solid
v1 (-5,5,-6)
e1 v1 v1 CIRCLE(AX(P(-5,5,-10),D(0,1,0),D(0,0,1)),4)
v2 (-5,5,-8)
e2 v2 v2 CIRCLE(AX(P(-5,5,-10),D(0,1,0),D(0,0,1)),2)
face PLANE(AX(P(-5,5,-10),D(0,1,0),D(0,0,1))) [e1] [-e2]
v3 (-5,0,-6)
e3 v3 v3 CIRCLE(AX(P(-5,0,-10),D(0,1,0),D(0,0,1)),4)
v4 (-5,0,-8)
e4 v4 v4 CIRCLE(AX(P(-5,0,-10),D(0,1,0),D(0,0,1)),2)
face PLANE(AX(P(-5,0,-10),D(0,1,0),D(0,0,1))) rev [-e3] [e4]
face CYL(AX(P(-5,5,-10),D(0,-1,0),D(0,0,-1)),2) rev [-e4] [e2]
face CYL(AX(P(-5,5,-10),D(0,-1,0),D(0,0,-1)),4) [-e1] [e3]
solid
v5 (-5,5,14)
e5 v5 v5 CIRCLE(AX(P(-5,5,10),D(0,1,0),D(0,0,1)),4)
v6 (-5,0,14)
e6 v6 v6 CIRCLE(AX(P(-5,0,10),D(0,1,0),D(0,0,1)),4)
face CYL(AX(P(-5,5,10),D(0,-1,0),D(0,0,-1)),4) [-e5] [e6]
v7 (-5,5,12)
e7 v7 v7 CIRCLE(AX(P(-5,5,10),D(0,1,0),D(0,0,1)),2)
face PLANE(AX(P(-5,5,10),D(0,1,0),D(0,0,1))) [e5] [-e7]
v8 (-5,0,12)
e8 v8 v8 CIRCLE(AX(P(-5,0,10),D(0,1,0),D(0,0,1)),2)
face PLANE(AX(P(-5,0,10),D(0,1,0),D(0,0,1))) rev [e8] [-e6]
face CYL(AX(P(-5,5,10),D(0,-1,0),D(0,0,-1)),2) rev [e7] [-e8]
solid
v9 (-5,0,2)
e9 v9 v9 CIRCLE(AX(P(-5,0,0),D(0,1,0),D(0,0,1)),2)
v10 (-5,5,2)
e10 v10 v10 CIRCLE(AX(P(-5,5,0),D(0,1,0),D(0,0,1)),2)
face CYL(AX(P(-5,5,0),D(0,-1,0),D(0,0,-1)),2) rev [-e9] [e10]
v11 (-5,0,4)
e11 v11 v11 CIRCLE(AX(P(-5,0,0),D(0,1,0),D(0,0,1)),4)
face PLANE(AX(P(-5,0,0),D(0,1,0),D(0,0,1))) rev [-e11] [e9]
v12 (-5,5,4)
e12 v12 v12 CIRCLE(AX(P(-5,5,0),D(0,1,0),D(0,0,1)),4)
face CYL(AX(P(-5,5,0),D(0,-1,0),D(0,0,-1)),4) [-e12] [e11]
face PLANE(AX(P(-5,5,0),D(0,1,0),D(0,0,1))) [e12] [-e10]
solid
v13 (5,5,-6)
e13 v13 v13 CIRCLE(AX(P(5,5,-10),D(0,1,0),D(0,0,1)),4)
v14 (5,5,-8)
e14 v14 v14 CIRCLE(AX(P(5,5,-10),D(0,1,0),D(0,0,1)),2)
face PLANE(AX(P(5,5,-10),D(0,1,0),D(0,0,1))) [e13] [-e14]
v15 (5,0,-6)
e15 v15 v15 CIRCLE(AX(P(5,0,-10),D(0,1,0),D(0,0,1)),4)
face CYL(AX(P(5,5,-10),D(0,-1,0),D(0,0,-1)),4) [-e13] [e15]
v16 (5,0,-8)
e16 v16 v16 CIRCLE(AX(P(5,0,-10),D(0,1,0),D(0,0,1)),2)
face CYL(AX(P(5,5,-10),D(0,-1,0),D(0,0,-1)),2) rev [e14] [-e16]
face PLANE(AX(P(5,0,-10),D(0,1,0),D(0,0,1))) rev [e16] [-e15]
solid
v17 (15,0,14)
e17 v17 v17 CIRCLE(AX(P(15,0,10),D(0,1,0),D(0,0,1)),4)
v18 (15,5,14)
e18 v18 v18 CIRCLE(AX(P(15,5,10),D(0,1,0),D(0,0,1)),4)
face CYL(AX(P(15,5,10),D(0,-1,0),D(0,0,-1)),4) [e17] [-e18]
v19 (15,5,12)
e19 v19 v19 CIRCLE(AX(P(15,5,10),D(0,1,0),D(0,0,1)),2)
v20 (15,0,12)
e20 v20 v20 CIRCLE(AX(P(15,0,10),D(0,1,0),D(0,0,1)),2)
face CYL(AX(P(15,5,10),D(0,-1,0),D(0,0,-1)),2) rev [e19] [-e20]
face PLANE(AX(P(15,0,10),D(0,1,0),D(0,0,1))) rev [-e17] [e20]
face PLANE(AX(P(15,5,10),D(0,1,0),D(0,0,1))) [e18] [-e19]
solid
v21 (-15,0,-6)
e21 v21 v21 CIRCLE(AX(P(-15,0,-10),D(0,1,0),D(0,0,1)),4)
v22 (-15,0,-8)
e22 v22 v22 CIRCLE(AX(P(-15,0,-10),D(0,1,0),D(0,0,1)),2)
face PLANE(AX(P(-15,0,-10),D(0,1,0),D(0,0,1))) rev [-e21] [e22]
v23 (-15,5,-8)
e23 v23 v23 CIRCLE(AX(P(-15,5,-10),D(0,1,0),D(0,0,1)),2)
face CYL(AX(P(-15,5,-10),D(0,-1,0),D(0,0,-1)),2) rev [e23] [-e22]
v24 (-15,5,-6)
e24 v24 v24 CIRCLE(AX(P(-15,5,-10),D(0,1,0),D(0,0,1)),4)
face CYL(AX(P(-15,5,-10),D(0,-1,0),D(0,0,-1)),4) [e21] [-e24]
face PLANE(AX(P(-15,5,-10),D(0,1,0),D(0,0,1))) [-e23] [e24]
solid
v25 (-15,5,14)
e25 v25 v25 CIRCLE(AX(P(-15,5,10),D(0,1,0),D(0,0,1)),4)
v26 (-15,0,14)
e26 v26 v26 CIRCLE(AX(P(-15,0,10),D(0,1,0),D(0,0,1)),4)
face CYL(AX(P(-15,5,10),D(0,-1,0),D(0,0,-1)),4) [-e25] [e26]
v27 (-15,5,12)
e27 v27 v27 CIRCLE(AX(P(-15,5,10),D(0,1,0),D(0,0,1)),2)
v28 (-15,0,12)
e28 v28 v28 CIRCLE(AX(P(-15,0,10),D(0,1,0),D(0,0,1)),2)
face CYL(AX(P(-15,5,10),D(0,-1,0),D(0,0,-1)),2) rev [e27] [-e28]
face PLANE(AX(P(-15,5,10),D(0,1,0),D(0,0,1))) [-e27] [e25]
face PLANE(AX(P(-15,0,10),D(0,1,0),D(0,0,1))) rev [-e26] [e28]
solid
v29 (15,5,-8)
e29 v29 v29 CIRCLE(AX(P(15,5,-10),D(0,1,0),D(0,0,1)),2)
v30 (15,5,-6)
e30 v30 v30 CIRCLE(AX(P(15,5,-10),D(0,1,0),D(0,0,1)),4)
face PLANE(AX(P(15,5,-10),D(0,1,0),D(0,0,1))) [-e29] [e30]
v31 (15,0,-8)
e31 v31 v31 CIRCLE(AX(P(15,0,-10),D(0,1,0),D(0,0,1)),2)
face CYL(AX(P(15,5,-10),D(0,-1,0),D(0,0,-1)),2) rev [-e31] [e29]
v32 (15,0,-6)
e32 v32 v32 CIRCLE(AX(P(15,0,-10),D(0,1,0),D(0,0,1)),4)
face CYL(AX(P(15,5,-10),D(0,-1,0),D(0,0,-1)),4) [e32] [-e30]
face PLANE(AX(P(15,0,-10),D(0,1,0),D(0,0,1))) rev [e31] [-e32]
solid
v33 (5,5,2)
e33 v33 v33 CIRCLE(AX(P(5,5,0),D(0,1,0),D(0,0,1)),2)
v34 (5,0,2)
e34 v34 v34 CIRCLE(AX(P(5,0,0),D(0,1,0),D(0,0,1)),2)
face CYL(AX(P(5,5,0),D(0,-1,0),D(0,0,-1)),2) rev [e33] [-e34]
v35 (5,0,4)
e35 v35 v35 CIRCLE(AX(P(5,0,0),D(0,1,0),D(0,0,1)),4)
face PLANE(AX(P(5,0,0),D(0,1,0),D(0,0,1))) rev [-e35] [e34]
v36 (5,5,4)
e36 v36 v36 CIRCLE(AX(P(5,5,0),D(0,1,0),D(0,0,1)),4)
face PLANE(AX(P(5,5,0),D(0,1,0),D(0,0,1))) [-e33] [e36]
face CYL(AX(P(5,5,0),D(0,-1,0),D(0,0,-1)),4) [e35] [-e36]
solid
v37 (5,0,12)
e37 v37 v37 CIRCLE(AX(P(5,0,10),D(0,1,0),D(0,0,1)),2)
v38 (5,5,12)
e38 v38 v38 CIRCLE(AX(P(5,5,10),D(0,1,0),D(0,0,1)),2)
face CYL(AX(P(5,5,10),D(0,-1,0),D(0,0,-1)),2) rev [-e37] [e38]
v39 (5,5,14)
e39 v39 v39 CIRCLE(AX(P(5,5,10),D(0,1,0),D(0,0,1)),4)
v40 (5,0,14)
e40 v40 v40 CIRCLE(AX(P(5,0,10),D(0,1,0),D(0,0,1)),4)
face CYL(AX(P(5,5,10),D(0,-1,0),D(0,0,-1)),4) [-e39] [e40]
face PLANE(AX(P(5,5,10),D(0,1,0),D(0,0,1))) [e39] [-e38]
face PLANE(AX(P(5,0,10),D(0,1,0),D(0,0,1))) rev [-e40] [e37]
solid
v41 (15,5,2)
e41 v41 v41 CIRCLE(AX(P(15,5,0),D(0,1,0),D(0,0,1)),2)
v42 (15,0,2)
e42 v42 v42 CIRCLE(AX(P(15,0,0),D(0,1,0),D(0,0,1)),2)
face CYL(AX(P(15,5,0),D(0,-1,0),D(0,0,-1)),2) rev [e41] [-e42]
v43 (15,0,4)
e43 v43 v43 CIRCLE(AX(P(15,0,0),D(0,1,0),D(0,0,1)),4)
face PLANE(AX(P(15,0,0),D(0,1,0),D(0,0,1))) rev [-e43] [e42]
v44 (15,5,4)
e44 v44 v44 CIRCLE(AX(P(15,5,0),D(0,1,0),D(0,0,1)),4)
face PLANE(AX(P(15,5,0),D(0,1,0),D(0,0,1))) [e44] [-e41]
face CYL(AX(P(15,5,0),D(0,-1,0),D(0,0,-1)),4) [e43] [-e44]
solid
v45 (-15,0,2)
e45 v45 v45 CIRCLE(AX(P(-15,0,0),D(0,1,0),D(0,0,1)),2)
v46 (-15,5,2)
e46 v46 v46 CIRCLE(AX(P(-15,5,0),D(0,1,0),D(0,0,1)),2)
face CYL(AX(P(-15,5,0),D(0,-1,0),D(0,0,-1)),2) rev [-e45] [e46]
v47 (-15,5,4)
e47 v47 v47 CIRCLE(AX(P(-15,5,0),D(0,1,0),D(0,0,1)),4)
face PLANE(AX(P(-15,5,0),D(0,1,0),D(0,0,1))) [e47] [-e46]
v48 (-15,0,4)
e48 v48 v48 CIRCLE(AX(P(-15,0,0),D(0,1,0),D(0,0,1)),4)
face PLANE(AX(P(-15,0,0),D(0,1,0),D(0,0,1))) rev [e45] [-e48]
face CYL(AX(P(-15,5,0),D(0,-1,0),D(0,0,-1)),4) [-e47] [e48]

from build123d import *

# Parameters (mm, degrees)
SKETCH1_R              = 4
SKETCH1_R_2            = 2
BOSS_EXTRUDE1_DEPTH    = 5
BOSS_EXTRUDE1_2_DEPTH  = 5
BOSS_EXTRUDE1_3_DEPTH  = 5
BOSS_EXTRUDE1_4_DEPTH  = 5
BOSS_EXTRUDE1_5_DEPTH  = 5
BOSS_EXTRUDE1_6_DEPTH  = 5
BOSS_EXTRUDE1_7_DEPTH  = 5
BOSS_EXTRUDE1_8_DEPTH  = 5
BOSS_EXTRUDE1_9_DEPTH  = 5
BOSS_EXTRUDE1_10_DEPTH = 5
BOSS_EXTRUDE1_11_DEPTH = 5
BOSS_EXTRUDE1_12_DEPTH = 5


with BuildPart() as part:
    # Sketch1 → Boss-Extrude1 (new body)
    with BuildSketch(Plane(origin=(0, 0, 0), x_dir=(1, 0, 0), z_dir=(0, 1, 0))):
        with Locations((-15, -10)):
            Circle(SKETCH1_R)
        with Locations((-15, -10)):
            Circle(SKETCH1_R_2, mode=Mode.SUBTRACT)
    extrude(amount=BOSS_EXTRUDE1_DEPTH)


with BuildPart() as body_2:
    # Sketch1 → Boss-Extrude1 2 (new body)
    with BuildSketch(Plane(origin=(0, 0, 0), x_dir=(1, 0, 0), z_dir=(0, 1, 0))):
        with Locations((-5, -10)):
            Circle(SKETCH1_R)
        with Locations((-5, -10)):
            Circle(SKETCH1_R_2, mode=Mode.SUBTRACT)
    extrude(amount=BOSS_EXTRUDE1_2_DEPTH)


with BuildPart() as body_3:
    # Sketch1 → Boss-Extrude1 3 (new body)
    with BuildSketch(Plane(origin=(0, 0, 0), x_dir=(1, 0, 0), z_dir=(0, 1, 0))):
        with Locations((5, -10)):
            Circle(SKETCH1_R)
        with Locations((5, -10)):
            Circle(SKETCH1_R_2, mode=Mode.SUBTRACT)
    extrude(amount=BOSS_EXTRUDE1_3_DEPTH)


with BuildPart() as body_4:
    # Sketch1 → Boss-Extrude1 4 (new body)
    with BuildSketch(Plane(origin=(0, 0, 0), x_dir=(1, 0, 0), z_dir=(0, 1, 0))):
        with Locations((15, -10)):
            Circle(SKETCH1_R)
        with Locations((15, -10)):
            Circle(SKETCH1_R_2, mode=Mode.SUBTRACT)
    extrude(amount=BOSS_EXTRUDE1_4_DEPTH)


with BuildPart() as body_5:
    # Sketch1 → Boss-Extrude1 5 (new body)
    with BuildSketch(Plane(origin=(0, 0, 0), x_dir=(1, 0, 0), z_dir=(0, 1, 0))):
        with Locations((-5, 0)):
            Circle(SKETCH1_R)
        with Locations((-5, 0)):
            Circle(SKETCH1_R_2, mode=Mode.SUBTRACT)
    extrude(amount=BOSS_EXTRUDE1_5_DEPTH)


with BuildPart() as body_6:
    # Sketch1 → Boss-Extrude1 6 (new body)
    with BuildSketch(Plane(origin=(0, 0, 0), x_dir=(1, 0, 0), z_dir=(0, 1, 0))):
        with Locations((5, 0)):
            Circle(SKETCH1_R)
        with Locations((5, 0)):
            Circle(SKETCH1_R_2, mode=Mode.SUBTRACT)
    extrude(amount=BOSS_EXTRUDE1_6_DEPTH)


with BuildPart() as body_7:
    # Sketch1 → Boss-Extrude1 7 (new body)
    with BuildSketch(Plane(origin=(0, 0, 0), x_dir=(1, 0, 0), z_dir=(0, 1, 0))):
        with Locations((15, 0)):
            Circle(SKETCH1_R)
        with Locations((15, 0)):
            Circle(SKETCH1_R_2, mode=Mode.SUBTRACT)
    extrude(amount=BOSS_EXTRUDE1_7_DEPTH)


with BuildPart() as body_8:
    # Sketch1 → Boss-Extrude1 8 (new body)
    with BuildSketch(Plane(origin=(0, 0, 0), x_dir=(1, 0, 0), z_dir=(0, 1, 0))):
        with Locations((-5, 10)):
            Circle(SKETCH1_R)
        with Locations((-5, 10)):
            Circle(SKETCH1_R_2, mode=Mode.SUBTRACT)
    extrude(amount=BOSS_EXTRUDE1_8_DEPTH)


with BuildPart() as body_9:
    # Sketch1 → Boss-Extrude1 9 (new body)
    with BuildSketch(Plane(origin=(0, 0, 0), x_dir=(1, 0, 0), z_dir=(0, 1, 0))):
        with Locations((5, 10)):
            Circle(SKETCH1_R)
        with Locations((5, 10)):
            Circle(SKETCH1_R_2, mode=Mode.SUBTRACT)
    extrude(amount=BOSS_EXTRUDE1_9_DEPTH)


with BuildPart() as body_10:
    # Sketch1 → Boss-Extrude1 10 (new body)
    with BuildSketch(Plane(origin=(0, 0, 0), x_dir=(1, 0, 0), z_dir=(0, 1, 0))):
        with Locations((15, 10)):
            Circle(SKETCH1_R)
        with Locations((15, 10)):
            Circle(SKETCH1_R_2, mode=Mode.SUBTRACT)
    extrude(amount=BOSS_EXTRUDE1_10_DEPTH)


with BuildPart() as body_11:
    # Sketch1 → Boss-Extrude1 11 (new body)
    with BuildSketch(Plane(origin=(0, 0, 0), x_dir=(1, 0, 0), z_dir=(0, 1, 0))):
        with Locations((-15, 0)):
            Circle(SKETCH1_R)
        with Locations((-15, 0)):
            Circle(SKETCH1_R_2, mode=Mode.SUBTRACT)
    extrude(amount=BOSS_EXTRUDE1_11_DEPTH)


with BuildPart() as body_12:
    # Sketch1 → Boss-Extrude1 12 (new body)
    with BuildSketch(Plane(origin=(0, 0, 0), x_dir=(1, 0, 0), z_dir=(0, 1, 0))):
        with Locations((-15, 10)):
            Circle(SKETCH1_R)
        with Locations((-15, 10)):
            Circle(SKETCH1_R_2, mode=Mode.SUBTRACT)
    extrude(amount=BOSS_EXTRUDE1_12_DEPTH)


solid = Compound([part.part, body_2.part, body_3.part, body_4.part, body_5.part, body_6.part, body_7.part, body_8.part, body_9.part, body_10.part, body_11.part, body_12.part])
